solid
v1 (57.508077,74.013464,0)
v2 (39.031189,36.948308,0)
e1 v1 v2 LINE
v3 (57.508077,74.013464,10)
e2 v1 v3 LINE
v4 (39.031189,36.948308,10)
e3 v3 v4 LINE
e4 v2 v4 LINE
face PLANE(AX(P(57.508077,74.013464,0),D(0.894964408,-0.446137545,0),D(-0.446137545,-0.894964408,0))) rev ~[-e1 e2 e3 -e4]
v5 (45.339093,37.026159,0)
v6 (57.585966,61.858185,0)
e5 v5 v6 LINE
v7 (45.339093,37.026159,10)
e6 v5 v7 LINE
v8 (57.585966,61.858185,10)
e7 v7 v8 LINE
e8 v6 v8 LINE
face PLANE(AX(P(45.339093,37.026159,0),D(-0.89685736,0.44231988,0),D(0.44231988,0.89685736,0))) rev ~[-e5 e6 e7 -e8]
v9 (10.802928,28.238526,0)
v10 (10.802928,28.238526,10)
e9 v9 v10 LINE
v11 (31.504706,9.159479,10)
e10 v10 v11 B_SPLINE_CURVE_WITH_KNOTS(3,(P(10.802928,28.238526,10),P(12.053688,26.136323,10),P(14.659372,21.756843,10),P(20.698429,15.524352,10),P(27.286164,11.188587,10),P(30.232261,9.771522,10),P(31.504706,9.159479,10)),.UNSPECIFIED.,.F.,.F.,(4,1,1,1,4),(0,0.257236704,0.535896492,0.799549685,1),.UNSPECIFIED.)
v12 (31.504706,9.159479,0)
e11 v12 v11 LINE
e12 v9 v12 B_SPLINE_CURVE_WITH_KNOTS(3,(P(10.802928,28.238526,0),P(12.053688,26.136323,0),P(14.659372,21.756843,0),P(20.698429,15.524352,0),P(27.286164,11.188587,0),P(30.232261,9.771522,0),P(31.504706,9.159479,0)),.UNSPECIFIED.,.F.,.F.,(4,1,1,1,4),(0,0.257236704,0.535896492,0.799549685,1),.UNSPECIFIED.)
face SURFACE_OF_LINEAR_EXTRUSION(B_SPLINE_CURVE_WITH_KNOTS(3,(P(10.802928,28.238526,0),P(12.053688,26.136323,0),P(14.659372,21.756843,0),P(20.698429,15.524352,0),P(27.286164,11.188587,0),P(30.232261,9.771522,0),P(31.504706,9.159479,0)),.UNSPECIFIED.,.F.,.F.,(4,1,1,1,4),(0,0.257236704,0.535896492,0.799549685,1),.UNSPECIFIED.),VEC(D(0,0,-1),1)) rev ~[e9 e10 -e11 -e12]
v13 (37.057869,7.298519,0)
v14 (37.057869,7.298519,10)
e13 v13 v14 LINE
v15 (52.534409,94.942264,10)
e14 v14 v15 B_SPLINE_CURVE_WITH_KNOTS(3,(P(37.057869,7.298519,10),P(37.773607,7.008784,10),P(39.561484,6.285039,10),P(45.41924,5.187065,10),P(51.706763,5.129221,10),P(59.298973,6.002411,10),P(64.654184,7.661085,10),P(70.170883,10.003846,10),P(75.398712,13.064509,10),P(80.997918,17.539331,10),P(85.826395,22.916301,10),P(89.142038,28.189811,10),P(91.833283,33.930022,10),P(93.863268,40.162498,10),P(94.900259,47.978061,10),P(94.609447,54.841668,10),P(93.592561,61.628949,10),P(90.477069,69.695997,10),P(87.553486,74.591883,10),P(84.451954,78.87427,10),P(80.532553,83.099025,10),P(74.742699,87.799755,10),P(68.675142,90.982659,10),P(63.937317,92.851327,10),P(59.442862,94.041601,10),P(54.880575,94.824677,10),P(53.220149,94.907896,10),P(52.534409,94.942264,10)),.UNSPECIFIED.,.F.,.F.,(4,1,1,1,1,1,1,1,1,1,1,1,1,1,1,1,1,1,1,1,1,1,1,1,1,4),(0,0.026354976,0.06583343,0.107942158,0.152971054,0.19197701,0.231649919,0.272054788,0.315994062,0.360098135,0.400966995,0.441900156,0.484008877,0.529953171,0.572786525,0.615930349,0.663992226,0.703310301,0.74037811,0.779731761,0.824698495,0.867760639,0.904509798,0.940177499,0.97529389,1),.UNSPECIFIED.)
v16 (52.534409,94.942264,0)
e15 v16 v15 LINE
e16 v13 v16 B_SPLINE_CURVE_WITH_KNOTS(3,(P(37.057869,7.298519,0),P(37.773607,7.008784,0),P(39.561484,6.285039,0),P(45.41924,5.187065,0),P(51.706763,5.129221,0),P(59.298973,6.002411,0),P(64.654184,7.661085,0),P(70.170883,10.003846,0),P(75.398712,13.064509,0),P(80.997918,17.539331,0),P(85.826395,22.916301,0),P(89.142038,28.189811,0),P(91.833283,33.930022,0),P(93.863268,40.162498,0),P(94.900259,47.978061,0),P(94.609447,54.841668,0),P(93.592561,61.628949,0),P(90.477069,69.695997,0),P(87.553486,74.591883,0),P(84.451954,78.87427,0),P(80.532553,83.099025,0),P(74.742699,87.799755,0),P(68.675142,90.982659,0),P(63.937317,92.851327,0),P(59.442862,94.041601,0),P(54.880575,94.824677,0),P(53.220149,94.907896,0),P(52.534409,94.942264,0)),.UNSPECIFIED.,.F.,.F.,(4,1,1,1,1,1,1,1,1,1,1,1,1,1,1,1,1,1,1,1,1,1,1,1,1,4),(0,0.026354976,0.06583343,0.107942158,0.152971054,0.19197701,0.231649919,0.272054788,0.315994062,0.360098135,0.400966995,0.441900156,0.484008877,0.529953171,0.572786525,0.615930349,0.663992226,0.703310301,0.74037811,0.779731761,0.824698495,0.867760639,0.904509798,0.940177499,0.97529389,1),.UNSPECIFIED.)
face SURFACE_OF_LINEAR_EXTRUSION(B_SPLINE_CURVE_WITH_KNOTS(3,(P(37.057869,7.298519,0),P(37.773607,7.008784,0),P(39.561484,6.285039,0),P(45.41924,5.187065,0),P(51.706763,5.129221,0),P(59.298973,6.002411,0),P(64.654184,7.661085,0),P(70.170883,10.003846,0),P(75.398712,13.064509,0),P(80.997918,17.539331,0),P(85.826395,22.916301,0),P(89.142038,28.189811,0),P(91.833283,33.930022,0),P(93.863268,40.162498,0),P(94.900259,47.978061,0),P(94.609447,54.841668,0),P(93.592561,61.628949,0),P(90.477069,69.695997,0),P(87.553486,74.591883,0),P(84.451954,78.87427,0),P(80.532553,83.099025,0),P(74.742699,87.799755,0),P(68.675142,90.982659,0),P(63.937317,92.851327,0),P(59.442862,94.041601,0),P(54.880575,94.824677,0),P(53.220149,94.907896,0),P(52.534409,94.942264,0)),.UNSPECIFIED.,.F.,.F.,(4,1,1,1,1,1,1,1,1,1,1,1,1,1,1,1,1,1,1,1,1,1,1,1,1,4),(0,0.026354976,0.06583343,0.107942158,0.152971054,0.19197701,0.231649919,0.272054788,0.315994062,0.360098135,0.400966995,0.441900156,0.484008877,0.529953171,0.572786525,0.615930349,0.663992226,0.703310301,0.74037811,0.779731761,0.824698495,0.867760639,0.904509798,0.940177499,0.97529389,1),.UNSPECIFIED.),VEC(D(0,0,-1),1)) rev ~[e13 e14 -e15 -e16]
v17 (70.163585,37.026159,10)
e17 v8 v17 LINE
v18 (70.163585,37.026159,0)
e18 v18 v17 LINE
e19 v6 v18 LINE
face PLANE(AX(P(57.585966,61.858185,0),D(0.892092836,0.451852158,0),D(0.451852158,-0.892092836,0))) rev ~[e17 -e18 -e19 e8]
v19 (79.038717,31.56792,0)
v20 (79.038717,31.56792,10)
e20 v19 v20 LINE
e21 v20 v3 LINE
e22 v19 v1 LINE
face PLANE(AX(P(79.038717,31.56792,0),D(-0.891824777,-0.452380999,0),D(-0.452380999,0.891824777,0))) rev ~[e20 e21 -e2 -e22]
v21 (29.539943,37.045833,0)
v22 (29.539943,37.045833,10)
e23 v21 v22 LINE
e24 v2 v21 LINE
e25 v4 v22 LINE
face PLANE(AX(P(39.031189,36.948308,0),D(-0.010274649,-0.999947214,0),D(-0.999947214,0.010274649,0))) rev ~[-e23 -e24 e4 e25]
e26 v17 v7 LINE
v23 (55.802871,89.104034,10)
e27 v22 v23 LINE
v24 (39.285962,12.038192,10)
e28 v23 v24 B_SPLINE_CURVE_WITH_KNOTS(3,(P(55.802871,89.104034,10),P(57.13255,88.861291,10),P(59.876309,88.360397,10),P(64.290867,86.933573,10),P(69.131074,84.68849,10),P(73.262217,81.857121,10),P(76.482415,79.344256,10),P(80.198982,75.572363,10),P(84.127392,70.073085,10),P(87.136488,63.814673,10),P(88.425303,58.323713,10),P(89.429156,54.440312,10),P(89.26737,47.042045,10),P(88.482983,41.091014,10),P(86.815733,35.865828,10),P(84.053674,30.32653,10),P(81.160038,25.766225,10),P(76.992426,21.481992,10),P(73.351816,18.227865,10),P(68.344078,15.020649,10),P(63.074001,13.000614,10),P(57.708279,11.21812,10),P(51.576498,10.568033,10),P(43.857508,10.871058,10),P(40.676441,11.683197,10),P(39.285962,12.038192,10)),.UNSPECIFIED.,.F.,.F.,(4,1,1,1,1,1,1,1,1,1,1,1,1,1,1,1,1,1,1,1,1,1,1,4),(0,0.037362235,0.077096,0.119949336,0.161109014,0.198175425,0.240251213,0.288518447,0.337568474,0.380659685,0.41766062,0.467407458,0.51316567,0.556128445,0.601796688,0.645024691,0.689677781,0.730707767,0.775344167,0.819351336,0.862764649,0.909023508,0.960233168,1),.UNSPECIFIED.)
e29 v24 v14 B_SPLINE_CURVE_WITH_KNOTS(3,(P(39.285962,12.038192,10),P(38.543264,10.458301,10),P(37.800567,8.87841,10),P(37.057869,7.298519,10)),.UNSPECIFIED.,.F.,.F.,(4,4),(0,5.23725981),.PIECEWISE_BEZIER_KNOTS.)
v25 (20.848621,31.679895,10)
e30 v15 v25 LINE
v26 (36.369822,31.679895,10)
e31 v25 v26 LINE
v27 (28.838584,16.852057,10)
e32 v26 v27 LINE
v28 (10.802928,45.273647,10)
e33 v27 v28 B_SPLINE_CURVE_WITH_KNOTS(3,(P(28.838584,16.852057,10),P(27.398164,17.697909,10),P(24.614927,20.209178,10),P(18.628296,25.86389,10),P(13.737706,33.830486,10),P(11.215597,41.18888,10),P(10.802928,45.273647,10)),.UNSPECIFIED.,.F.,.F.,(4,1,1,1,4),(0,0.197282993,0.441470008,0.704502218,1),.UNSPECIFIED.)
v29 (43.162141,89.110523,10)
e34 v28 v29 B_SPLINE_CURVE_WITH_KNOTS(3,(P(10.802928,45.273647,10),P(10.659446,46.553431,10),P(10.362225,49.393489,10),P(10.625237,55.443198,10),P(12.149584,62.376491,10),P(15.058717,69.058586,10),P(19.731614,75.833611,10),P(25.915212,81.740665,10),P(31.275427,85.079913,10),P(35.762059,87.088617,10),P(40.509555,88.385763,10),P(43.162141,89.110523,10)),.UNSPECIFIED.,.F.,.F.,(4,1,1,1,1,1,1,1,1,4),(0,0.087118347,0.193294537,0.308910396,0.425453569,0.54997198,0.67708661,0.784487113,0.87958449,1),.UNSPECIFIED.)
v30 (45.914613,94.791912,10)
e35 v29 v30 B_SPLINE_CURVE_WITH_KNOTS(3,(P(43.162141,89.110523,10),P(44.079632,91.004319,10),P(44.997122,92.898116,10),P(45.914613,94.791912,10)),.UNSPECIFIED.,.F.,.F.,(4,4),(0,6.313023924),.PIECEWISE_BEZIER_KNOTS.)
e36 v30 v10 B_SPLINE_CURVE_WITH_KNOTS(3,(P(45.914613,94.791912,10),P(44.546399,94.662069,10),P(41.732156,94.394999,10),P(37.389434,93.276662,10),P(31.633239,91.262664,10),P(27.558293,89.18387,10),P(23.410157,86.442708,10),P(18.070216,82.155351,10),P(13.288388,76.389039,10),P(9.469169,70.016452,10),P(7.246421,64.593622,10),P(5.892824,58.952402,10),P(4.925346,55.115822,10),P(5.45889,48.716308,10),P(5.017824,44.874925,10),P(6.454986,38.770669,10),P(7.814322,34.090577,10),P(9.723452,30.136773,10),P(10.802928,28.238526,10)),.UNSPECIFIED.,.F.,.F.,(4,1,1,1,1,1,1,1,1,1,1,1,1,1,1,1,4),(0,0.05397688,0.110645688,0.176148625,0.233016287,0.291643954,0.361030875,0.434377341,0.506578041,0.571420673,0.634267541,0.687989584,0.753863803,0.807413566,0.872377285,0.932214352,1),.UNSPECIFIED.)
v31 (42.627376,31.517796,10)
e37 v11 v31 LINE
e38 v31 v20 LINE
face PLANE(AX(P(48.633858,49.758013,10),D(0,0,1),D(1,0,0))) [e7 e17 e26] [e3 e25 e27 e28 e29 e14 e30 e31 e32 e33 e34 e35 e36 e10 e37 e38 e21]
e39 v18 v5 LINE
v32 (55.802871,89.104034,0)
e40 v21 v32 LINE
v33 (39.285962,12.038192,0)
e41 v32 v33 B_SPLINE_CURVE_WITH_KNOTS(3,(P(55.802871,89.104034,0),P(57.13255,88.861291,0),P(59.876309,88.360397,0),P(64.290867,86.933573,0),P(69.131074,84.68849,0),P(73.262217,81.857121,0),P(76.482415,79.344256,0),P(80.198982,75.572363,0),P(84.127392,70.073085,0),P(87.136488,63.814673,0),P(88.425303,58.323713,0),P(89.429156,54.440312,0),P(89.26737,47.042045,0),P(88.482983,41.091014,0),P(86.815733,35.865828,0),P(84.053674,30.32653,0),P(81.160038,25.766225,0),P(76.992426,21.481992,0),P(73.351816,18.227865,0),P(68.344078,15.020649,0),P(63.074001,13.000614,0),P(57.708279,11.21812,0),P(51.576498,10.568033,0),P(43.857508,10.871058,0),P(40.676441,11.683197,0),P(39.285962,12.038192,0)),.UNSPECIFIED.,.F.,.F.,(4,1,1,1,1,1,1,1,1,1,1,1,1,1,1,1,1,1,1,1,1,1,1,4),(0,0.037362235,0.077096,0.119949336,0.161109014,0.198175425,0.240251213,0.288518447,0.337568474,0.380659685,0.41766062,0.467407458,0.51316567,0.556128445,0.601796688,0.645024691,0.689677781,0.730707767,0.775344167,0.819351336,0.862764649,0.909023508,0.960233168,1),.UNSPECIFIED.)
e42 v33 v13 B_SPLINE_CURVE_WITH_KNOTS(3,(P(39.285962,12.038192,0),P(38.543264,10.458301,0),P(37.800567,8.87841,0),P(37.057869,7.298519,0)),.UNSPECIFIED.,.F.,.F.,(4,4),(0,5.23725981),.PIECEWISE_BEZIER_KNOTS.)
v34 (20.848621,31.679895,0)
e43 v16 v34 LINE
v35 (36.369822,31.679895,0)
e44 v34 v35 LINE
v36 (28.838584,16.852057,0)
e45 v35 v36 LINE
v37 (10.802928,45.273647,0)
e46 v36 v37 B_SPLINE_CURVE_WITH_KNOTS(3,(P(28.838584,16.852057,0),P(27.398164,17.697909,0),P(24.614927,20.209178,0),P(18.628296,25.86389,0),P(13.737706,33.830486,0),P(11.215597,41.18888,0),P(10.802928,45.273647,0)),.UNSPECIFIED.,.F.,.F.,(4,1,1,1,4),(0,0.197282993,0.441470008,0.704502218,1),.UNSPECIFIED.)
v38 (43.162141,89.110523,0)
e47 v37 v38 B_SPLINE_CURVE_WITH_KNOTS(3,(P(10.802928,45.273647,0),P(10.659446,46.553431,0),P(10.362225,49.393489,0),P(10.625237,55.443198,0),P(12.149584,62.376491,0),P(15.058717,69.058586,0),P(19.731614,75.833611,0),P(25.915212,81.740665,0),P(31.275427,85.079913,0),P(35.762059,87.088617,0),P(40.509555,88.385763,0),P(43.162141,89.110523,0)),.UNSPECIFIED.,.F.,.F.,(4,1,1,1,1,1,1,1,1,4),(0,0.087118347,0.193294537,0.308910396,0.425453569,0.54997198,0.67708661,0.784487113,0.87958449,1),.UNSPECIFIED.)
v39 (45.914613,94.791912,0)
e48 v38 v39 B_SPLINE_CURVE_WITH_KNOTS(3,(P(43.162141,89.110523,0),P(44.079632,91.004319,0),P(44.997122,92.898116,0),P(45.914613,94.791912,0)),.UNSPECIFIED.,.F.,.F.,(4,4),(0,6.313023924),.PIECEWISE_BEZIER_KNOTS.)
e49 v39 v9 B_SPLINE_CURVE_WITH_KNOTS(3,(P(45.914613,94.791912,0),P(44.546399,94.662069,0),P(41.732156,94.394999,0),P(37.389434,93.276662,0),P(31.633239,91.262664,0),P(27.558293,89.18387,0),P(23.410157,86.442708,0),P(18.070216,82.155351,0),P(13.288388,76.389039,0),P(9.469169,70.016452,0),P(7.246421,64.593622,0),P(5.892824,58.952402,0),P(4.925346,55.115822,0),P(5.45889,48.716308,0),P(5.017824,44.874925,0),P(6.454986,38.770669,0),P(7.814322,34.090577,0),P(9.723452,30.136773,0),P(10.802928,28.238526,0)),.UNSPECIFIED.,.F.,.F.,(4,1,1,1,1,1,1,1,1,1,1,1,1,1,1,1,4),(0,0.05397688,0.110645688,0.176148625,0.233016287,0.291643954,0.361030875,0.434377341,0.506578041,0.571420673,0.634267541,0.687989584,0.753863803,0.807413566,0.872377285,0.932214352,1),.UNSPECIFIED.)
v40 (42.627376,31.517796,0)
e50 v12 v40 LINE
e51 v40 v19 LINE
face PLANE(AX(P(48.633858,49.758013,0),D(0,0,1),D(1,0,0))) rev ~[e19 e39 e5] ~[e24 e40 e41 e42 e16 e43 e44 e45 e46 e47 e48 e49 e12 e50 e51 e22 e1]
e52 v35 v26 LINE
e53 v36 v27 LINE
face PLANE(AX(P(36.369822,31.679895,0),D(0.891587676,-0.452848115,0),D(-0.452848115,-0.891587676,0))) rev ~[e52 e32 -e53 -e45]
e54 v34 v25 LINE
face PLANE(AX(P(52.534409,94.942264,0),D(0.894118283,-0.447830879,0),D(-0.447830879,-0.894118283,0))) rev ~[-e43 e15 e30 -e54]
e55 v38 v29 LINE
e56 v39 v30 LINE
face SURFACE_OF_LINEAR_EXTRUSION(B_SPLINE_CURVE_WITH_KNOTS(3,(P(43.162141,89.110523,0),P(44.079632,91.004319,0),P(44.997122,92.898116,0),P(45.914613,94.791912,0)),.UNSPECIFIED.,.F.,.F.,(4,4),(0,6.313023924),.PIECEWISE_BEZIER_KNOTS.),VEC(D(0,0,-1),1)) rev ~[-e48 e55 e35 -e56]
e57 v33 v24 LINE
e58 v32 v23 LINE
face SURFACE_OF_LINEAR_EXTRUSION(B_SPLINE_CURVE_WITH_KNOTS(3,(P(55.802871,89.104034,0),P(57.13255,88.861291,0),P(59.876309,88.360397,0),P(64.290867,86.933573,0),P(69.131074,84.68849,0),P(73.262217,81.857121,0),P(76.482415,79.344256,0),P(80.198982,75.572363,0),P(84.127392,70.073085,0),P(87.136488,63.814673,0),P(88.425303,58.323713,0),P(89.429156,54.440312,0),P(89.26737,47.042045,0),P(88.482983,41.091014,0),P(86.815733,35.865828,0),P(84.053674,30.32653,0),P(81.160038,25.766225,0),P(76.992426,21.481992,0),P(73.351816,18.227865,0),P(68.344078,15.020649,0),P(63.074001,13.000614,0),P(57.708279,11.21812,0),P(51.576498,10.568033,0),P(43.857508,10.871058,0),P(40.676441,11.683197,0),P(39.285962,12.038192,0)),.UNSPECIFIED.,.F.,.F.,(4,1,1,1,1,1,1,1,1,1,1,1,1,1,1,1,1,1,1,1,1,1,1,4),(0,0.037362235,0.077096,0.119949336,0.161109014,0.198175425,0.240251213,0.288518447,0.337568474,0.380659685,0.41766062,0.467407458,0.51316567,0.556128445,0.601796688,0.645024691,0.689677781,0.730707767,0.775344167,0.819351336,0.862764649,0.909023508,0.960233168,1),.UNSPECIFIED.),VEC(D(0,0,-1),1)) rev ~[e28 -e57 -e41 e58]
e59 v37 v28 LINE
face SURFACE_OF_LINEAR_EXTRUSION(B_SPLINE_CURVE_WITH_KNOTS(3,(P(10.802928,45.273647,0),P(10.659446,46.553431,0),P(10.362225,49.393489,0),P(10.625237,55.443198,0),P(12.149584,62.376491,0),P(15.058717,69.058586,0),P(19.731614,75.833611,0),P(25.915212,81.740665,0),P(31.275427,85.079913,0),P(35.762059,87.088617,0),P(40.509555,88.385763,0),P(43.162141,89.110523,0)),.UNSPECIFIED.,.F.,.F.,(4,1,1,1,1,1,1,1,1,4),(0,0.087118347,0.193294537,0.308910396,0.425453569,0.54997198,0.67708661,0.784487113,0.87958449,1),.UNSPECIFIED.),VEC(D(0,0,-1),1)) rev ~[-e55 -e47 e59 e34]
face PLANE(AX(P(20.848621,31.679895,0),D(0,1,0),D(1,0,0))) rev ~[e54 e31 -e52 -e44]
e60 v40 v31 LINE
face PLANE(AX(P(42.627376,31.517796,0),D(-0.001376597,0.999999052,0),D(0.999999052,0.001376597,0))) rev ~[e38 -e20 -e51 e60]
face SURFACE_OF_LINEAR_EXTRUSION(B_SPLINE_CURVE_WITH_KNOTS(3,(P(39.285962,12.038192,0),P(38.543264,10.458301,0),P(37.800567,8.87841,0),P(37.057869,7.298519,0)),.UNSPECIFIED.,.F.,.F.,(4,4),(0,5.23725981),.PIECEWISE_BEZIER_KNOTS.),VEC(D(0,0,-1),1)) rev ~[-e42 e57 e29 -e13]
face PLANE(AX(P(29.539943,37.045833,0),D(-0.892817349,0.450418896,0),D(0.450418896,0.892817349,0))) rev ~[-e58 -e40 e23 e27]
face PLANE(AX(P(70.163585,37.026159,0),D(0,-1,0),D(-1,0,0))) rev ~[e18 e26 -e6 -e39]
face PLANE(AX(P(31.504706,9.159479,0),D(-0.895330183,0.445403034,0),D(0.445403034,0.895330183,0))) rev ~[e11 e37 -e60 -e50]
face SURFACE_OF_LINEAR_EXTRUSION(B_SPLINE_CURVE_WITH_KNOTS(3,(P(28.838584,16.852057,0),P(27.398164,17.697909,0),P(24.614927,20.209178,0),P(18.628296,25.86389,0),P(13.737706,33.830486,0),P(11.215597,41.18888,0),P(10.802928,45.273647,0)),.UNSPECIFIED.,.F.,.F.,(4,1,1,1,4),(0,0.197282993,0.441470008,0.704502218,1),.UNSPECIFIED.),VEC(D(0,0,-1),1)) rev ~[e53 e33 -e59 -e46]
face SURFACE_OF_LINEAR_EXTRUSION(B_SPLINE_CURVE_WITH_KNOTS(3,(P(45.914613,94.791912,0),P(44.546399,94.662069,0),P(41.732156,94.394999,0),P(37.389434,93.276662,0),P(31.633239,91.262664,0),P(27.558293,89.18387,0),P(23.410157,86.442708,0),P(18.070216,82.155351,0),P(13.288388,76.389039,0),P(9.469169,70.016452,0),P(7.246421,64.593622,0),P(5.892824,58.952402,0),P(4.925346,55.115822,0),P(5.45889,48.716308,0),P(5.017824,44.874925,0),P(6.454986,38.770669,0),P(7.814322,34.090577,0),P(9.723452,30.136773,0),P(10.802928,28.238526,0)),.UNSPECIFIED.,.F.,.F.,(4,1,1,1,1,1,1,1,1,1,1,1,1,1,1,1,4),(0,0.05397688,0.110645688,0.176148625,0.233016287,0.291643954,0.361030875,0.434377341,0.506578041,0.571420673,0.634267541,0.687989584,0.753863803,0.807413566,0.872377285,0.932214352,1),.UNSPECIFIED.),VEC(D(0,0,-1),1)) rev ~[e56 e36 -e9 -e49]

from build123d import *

# Parameters (mm, degrees)
F1_DEPTH = 10


with BuildPart() as f1:
    # F0 (on Top) → F1 (new body)
    with BuildSketch(Plane.XY):
        with BuildLine():
            Line((31.5047055483, 9.1594792902), (42.6273755729, 31.5177962184))
            Line((42.6273755729, 31.5177962184), (79.0387168527, 31.5679199994))
            Line((79.0387168527, 31.5679199994), (57.5080774724, 74.0134641528))
            Line((57.5080774724, 74.0134641528), (39.031188935, 36.9483083487))
            Line((39.031188935, 36.9483083487), (29.5399427414, 37.0458327234))
            Line((29.5399427414, 37.0458327234), (55.8028705418, 89.1040340066))
            add(Edge.make_bspline(
                [(55.8028705418, 89.1040340066), (57.1325498643, 88.861291091), (59.8763085434, 88.3603974016), (64.2908666074, 86.9335728477), (69.1310740623, 84.688490071), (73.2622173751, 81.8571210078), (76.4824146383, 79.3442563689), (80.1989823415, 75.5723630582), (84.1273916362, 70.0730853985), (87.1364877845, 63.8146732461), (88.4253032089, 58.3237133005), (89.4291557525, 54.4403115499), (89.2673703109, 47.0420451111), (88.4829827257, 41.0910143553), (86.8157332126, 35.8658283598), (84.053674254, 30.3265300974), (81.1600380201, 25.7662245007), (76.9924260253, 21.4819918761), (73.3518162515, 18.2278649051), (68.3440775943, 15.020648797), (63.074000875, 13.0006143603), (57.7082788854, 11.2181197775), (51.5764977905, 10.5680332065), (43.857508336, 10.8710577733), (40.6764412141, 11.683196811), (39.2859615386, 12.0381917804)],
                knots=[0, 0, 0, 0, 0.0373622353, 0.0770960003, 0.1199493355, 0.1611090138, 0.1981754249, 0.2402512127, 0.2885184469, 0.3375684736, 0.380659685, 0.4176606202, 0.4674074576, 0.5131656701, 0.556128445, 0.6017966882, 0.6450246909, 0.6896777809, 0.7307077668, 0.7753441668, 0.8193513361, 0.8627646491, 0.9090235079, 0.9602331676, 1, 1, 1, 1], degree=3))
            add(Edge.make_bspline(
                [(39.2859615386, 12.0381917804), (38.5432640711, 10.4583009767), (37.8005666037, 8.878410173), (37.0578691363, 7.2985193692)],
                knots=[0, 0, 0, 0, 5.2372598101, 5.2372598101, 5.2372598101, 5.2372598101], degree=3))
            add(Edge.make_bspline(
                [(37.0578691363, 7.2985193692), (37.7736068415, 7.0087838959), (39.5614843023, 6.2850389842), (45.4192398738, 5.1870648147), (51.7067634803, 5.1292214452), (59.2989734397, 6.0024112914), (64.6541839275, 7.6610846204), (70.1708829867, 10.0038455456), (75.3987115394, 13.0645089252), (80.9979178231, 17.5393312219), (85.8263945664, 22.9163009787), (89.1420380554, 28.1898111873), (91.8332825675, 33.9300222181), (93.8632683276, 40.1624980505), (94.9002590468, 47.9780614879), (94.6094466554, 54.841668337), (93.592560649, 61.6289493691), (90.4770688571, 69.6959966816), (87.5534857387, 74.5918834506), (84.4519539642, 78.8742696957), (80.5325527, 83.099025003), (74.7426992175, 87.7997552791), (68.6751419217, 90.9826591659), (63.937317253, 92.8513266228), (59.44286166, 94.0416012929), (54.8805750898, 94.8246772893), (53.2201487569, 94.9078958178), (52.5344088674, 94.9422642589)],
                knots=[0, 0, 0, 0, 0.0263549764, 0.0658334302, 0.1079421583, 0.1529710536, 0.1919770104, 0.2316499189, 0.2720547881, 0.3159940618, 0.3600981353, 0.4009669951, 0.4419001555, 0.4840088773, 0.5299531712, 0.5727865245, 0.6159303492, 0.6639922259, 0.7033103014, 0.7403781104, 0.7797317606, 0.8246984946, 0.8677606389, 0.9045097983, 0.9401774989, 0.9752938902, 1, 1, 1, 1], degree=3))
            Line((52.5344088674, 94.9422642589), (20.848620683, 31.6798947752))
            Line((20.848620683, 31.6798947752), (36.3698217231, 31.6798947752))
            Line((36.3698217231, 31.6798947752), (28.8385841995, 16.8520566076))
            add(Edge.make_bspline(
                [(28.8385841995, 16.8520566076), (27.3981636462, 17.6979089481), (24.6149272456, 20.2091781338), (18.6282957076, 25.863889791), (13.7377061563, 33.8304860839), (11.2155965148, 41.188880315), (10.8029283583, 45.2736467123)],
                knots=[0, 0, 0, 0, 0.197282993, 0.4414700076, 0.7045022183, 1, 1, 1, 1], degree=3))
            add(Edge.make_bspline(
                [(10.8029283583, 45.2736467123), (10.6594461675, 46.5534307384), (10.362224862, 49.3934887584), (10.6252369913, 55.4431976297), (12.1495835889, 62.3764905578), (15.0587168211, 69.0585857086), (19.7316138259, 75.8336112584), (25.9152123304, 81.7406650314), (31.2754270007, 85.0799131948), (35.7620593208, 87.0886168861), (40.5095549554, 88.3857627243), (43.1621409953, 89.1105234623)],
                knots=[0, 0, 0, 0, 0.087118347, 0.1932945373, 0.3089103964, 0.4254535694, 0.5499719797, 0.6770866105, 0.7844871134, 0.8795844897, 1, 1, 1, 1], degree=3))
            add(Edge.make_bspline(
                [(43.1621409953, 89.1105234623), (44.079631567, 91.004319489), (44.9971221387, 92.8981155157), (45.9146127105, 94.7919115424)],
                knots=[0, 0, 0, 0, 6.3130239236, 6.3130239236, 6.3130239236, 6.3130239236], degree=3))
            add(Edge.make_bspline(
                [(45.9146127105, 94.7919115424), (44.5463991671, 94.6620688478), (41.7321555872, 94.3949987179), (37.3894344894, 93.2766622871), (31.6332390317, 91.2626635302), (27.55829327, 89.1838695887), (23.4101568025, 86.4427080414), (18.0702164428, 82.1553506992), (13.2883882124, 76.3890394389), (9.4691690636, 70.0164519178), (7.246420984, 64.5936220455), (5.8928239974, 58.9524017197), (4.9253461455, 55.1158223749), (5.4588904553, 48.7163084418), (5.0178244188, 44.8749253566), (6.4549855341, 38.7706688685), (7.8143224249, 34.0905768778), (9.7234519393, 30.1367733744), (10.8029283583, 28.2385256141)],
                knots=[0, 0, 0, 0, 0.0539768804, 0.1106456883, 0.1761486253, 0.2330162871, 0.2916439536, 0.3610308746, 0.4343773414, 0.5065780411, 0.5714206726, 0.6342675406, 0.6879895844, 0.7538638033, 0.8074135664, 0.8723772854, 0.9322143525, 1, 1, 1, 1], degree=3))
            add(Edge.make_bspline(
                [(10.8029283583, 28.2385256141), (12.0536878911, 26.1363230921), (14.6593722135, 21.7568432553), (20.6984291668, 15.5243521845), (27.2861640875, 11.1885870274), (30.2322608868, 9.7715219433), (31.5047055483, 9.1594792902)],
                knots=[0, 0, 0, 0, 0.2572367036, 0.5358964919, 0.7995496851, 1, 1, 1, 1], degree=3))
        make_face()
        Polygon((45.3390926123, 37.0261594653), (57.585965842, 61.8581846356), (70.1635852456, 37.0261594653), align=None, mode=Mode.SUBTRACT)
    extrude(amount=F1_DEPTH)


solid = f1.part
